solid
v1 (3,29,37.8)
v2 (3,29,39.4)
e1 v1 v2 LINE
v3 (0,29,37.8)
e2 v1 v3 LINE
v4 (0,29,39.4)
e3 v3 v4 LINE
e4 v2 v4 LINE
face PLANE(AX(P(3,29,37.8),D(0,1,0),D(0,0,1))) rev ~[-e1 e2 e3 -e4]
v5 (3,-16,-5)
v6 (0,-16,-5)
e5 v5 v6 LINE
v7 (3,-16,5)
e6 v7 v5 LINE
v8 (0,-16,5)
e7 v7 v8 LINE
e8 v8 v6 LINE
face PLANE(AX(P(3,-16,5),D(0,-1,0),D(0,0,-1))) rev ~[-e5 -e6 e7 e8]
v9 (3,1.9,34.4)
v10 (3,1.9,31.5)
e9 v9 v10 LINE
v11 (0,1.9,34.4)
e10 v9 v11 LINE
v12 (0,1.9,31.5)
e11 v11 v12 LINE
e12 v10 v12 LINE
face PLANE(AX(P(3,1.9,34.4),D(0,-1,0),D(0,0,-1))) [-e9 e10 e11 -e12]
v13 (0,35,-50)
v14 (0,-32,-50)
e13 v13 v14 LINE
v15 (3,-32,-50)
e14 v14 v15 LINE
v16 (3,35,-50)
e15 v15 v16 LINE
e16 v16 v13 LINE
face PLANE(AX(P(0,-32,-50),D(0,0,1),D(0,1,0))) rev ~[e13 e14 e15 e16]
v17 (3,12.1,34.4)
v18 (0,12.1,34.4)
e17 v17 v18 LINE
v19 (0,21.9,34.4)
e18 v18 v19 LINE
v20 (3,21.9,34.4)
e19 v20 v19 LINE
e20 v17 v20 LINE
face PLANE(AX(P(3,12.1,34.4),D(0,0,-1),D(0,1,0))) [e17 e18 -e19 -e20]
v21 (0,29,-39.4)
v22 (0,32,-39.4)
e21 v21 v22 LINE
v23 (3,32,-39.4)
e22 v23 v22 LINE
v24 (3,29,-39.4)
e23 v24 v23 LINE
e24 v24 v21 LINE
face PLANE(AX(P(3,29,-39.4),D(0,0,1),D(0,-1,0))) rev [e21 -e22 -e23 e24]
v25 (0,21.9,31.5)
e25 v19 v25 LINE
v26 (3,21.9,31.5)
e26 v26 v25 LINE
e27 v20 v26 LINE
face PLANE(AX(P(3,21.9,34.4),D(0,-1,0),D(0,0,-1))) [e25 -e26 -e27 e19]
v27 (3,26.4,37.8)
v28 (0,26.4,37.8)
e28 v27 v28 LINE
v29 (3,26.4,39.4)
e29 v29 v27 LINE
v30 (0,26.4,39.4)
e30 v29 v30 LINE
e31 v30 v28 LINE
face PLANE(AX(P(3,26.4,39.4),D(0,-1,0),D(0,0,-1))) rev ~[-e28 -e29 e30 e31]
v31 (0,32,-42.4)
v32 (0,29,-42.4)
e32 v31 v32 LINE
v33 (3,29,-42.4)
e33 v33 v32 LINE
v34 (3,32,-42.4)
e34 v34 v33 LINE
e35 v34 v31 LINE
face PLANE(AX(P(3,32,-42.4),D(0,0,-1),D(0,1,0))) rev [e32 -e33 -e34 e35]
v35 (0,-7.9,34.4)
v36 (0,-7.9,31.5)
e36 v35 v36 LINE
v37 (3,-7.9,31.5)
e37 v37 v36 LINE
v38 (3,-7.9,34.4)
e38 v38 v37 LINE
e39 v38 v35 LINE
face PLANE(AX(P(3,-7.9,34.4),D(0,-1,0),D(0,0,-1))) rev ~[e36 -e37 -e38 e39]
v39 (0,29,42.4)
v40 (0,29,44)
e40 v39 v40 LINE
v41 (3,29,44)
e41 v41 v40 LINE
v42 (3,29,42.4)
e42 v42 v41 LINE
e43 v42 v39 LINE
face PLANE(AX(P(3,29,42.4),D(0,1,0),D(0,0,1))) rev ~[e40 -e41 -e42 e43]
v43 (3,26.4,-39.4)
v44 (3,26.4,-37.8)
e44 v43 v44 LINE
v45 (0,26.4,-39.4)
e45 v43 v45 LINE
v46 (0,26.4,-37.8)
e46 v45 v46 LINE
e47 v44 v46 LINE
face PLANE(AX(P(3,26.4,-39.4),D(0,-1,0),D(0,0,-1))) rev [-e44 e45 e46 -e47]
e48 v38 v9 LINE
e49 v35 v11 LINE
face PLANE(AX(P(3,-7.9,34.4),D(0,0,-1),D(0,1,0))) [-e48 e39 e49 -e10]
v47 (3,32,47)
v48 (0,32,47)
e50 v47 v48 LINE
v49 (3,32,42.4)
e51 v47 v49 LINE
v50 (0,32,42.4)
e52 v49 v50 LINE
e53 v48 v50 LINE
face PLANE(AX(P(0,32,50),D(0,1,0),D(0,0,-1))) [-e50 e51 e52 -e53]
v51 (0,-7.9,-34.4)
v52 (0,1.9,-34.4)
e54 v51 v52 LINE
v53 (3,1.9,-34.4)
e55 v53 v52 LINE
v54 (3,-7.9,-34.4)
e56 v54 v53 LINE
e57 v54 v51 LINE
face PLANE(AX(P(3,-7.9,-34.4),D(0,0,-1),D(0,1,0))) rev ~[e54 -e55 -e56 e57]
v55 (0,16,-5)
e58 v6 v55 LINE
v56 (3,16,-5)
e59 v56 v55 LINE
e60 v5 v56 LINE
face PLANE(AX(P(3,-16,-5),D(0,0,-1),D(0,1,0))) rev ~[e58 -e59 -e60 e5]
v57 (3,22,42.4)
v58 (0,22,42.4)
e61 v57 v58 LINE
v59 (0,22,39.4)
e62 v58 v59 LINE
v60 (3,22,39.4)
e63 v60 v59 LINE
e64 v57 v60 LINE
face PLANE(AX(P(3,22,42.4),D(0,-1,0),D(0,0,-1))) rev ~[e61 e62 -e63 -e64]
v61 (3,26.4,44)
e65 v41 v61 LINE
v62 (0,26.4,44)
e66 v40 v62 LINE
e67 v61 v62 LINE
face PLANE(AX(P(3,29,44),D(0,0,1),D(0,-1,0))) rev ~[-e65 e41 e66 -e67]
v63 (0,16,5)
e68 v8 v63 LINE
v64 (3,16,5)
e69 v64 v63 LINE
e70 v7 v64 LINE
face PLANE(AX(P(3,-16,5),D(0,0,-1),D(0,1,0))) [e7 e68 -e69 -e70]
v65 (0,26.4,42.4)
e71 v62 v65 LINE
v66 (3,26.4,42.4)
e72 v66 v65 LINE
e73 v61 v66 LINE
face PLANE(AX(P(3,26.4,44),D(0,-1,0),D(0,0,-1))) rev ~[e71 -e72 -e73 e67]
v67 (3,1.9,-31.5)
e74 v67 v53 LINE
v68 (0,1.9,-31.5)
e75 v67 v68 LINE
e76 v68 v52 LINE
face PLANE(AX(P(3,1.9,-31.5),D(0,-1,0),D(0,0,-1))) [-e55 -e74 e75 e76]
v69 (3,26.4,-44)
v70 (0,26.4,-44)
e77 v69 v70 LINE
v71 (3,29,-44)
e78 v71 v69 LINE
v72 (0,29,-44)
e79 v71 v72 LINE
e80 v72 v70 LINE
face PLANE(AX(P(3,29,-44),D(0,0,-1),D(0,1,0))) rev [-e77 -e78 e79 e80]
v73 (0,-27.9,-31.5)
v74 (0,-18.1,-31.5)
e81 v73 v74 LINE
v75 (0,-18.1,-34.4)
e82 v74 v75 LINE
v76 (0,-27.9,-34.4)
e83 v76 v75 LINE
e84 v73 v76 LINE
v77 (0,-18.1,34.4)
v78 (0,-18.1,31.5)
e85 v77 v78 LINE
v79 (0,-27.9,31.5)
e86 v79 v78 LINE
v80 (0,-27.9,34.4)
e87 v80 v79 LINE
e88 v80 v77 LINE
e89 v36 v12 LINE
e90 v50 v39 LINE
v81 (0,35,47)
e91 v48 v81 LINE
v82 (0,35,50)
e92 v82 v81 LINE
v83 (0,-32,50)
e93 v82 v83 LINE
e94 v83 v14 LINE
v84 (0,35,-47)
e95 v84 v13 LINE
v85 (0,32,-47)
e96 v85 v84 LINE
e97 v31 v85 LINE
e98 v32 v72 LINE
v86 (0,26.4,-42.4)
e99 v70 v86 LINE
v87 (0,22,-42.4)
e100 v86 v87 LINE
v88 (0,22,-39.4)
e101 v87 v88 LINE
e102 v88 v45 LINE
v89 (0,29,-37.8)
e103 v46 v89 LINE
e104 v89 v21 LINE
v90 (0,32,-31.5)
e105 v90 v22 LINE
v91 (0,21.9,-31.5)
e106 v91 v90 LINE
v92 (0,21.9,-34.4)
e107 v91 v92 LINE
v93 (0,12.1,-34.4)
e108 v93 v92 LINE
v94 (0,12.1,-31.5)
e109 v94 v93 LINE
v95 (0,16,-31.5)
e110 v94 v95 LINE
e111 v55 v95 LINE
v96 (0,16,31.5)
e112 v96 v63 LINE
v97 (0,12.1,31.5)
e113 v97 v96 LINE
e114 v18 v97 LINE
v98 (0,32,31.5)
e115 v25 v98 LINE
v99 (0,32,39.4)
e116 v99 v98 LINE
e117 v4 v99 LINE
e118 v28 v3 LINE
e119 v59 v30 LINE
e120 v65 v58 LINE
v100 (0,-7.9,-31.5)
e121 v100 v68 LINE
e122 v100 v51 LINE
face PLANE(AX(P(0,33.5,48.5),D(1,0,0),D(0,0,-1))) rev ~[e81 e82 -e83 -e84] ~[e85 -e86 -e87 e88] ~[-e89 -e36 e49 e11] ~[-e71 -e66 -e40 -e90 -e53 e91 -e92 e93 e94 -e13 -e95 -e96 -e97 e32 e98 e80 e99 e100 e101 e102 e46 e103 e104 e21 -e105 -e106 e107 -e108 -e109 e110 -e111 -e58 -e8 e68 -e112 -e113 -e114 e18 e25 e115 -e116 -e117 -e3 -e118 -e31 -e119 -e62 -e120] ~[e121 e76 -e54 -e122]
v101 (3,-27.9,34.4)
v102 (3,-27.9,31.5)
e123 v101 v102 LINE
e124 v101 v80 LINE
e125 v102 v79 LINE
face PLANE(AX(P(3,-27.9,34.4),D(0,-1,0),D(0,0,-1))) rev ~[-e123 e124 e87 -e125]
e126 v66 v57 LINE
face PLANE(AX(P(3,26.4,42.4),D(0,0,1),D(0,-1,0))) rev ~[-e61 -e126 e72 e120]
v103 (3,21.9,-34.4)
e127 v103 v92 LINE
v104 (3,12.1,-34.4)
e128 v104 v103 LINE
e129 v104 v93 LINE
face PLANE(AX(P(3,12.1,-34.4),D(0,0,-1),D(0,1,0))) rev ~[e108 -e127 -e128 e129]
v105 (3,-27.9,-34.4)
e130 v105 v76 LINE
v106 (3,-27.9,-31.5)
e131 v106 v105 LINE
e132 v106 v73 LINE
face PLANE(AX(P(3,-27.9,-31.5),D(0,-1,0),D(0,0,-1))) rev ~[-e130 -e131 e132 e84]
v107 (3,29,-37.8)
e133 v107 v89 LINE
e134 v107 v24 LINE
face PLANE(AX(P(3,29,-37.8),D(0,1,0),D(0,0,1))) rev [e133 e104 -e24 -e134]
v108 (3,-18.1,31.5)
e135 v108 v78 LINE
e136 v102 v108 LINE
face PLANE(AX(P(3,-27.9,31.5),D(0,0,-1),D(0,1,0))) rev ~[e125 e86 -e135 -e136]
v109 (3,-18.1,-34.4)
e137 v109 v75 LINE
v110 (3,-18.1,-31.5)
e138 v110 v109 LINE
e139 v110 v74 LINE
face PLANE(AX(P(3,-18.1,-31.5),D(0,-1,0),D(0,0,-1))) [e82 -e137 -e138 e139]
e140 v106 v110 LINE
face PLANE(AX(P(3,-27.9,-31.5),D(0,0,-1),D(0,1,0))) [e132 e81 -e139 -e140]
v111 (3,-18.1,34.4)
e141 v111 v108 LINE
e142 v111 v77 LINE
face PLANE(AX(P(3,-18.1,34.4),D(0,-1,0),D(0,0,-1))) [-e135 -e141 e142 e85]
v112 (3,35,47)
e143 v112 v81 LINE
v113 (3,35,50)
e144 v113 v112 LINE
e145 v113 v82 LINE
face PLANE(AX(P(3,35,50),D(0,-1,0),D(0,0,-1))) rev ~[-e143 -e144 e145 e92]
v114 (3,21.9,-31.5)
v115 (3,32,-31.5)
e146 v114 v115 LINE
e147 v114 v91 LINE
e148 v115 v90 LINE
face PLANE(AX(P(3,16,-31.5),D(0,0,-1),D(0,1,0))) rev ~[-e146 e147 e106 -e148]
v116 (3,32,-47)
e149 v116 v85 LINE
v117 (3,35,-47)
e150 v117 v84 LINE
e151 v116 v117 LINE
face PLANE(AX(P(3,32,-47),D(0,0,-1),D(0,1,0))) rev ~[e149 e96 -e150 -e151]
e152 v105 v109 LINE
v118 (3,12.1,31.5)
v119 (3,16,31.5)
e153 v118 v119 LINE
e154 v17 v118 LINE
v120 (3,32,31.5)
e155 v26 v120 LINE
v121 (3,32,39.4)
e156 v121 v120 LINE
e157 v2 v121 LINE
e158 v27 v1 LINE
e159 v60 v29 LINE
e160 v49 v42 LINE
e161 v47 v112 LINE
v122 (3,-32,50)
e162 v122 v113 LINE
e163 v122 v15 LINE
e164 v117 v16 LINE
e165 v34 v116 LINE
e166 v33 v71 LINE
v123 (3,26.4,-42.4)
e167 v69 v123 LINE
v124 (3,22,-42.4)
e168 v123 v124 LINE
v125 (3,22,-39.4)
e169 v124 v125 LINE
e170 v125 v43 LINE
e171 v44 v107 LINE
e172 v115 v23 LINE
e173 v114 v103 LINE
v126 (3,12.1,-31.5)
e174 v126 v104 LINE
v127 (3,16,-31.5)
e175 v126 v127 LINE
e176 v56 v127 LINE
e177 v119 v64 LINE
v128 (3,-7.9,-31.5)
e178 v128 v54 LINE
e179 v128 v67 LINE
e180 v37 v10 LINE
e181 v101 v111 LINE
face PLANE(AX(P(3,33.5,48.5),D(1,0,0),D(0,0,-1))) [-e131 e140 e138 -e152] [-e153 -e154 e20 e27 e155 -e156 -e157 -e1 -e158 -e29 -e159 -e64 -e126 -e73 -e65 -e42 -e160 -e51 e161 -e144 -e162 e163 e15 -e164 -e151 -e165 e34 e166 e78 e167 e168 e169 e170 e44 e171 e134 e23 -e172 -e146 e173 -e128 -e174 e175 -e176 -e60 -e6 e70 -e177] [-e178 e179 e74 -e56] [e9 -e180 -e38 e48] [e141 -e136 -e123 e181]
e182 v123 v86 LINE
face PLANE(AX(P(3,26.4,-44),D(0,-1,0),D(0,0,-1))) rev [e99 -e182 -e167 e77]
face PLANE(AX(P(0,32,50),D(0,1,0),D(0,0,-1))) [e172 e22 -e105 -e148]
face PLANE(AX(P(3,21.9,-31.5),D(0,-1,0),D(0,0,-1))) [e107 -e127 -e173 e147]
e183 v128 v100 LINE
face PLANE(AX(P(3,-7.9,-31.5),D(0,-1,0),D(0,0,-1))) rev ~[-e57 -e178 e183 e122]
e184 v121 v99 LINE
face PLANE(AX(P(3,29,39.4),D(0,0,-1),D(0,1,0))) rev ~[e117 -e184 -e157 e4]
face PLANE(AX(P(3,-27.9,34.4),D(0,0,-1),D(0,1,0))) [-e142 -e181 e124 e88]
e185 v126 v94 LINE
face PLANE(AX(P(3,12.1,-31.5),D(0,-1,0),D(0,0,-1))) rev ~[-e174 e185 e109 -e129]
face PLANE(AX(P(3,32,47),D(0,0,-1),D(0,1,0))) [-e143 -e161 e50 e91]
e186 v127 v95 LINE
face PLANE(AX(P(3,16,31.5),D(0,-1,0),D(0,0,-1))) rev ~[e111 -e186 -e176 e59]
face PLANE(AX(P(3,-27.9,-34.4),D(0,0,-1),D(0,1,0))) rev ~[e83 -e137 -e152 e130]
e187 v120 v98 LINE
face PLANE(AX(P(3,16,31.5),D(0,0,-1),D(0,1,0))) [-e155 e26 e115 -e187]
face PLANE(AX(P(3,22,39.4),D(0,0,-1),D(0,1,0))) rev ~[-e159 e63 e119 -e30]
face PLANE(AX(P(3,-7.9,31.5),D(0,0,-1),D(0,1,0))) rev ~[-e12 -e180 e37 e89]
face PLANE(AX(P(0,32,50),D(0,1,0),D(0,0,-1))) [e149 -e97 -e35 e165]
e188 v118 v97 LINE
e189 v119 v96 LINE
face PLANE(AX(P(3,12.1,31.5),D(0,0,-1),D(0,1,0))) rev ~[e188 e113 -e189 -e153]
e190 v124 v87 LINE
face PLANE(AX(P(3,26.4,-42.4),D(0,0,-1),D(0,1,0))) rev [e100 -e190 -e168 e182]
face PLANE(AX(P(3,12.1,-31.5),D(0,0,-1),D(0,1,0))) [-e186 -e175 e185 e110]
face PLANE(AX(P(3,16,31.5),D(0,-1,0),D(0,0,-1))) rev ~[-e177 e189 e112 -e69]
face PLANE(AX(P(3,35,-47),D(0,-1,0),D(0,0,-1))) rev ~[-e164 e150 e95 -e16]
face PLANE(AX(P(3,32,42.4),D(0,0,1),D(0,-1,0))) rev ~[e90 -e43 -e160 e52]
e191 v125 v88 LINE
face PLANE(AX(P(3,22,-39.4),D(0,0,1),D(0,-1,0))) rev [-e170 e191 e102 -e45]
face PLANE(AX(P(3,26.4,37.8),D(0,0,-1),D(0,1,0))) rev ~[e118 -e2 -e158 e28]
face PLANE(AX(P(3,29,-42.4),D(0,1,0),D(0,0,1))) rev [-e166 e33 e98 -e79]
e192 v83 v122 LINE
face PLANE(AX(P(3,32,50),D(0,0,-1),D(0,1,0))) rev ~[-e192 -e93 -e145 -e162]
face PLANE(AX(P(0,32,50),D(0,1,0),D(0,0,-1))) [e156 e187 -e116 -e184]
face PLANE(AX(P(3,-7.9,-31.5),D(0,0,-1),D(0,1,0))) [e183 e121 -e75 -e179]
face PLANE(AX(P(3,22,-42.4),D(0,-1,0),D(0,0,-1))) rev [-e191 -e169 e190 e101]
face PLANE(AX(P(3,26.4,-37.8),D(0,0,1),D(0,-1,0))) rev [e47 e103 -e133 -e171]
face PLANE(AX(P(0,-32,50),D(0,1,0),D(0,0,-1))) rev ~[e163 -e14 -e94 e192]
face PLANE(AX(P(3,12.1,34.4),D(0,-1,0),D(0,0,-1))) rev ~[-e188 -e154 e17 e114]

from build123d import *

# Parameters (mm, degrees)
SKETCH1_W           = 100
SKETCH1_H           = 64
BOSS_EXTRUDE1_DEPTH = 3
SKETCH2_W           = 2.9
SKETCH2_H           = 9.8
CUT_EXTRUDE1_DEPTH  = 3
CUT_EXTRUDE2_DEPTH  = 10
SKETCH5_W           = 63
SKETCH5_H           = 16
CUT_EXTRUDE3_DEPTH  = 10
SKETCH6_W           = 10
SKETCH6_H           = 32
CUT_EXTRUDE4_DEPTH  = 10
SKETCH7_W           = 3
SKETCH7_H           = 3
BOSS_EXTRUDE2_DEPTH = 3


with BuildPart() as part:
    # Sketch1 → Boss-Extrude1 (new body)
    with BuildSketch(Plane(origin=(0, 0, 0), x_dir=(0, 0, -1), z_dir=(1, 0, 0))):
        Rectangle(SKETCH1_W, SKETCH1_H)
    extrude(amount=BOSS_EXTRUDE1_DEPTH)

    # Sketch2 → Cut-Extrude1 (cut)
    with BuildSketch(Plane(origin=(3, 0, 0), x_dir=(0, 0, -1), z_dir=(1, 0, 0))):
        with Locations((-32.95, 17)):
            Rectangle(SKETCH2_W, SKETCH2_H)
        with Locations((-32.95, -3)):
            Rectangle(SKETCH2_W, SKETCH2_H)
        with Locations((-32.95, -23)):
            Rectangle(SKETCH2_W, SKETCH2_H)
        with Locations((32.95, -23)):
            Rectangle(SKETCH2_W, SKETCH2_H)
        with Locations((32.95, -3)):
            Rectangle(SKETCH2_W, SKETCH2_H)
        with Locations((32.95, 17)):
            Rectangle(SKETCH2_W, SKETCH2_H)
    extrude(amount=-CUT_EXTRUDE1_DEPTH, mode=Mode.SUBTRACT)

    # Sketch3 → Cut-Extrude2 (cut)
    with BuildSketch(Plane(origin=(3, 0, 0), x_dir=(0, 0, -1), z_dir=(1, 0, 0))):
        Polygon((-42.4, 32), (-42.4, 29), (-44, 29), (-44, 26.4), (-42.4, 26.4), (-42.4, 22), (-39.4, 22), (-39.4, 26.4), (-37.8, 26.4), (-37.8, 29), (-39.4, 29), (-39.4, 32), align=None)
    cut_extrude2 = extrude(amount=-CUT_EXTRUDE2_DEPTH, mode=Mode.SUBTRACT)

    # Mirror1: Cut-Extrude2 across plane
    add(cut_extrude2.mirror(Plane.XY), mode=Mode.SUBTRACT)

    # Sketch5 → Cut-Extrude3 (cut)
    with BuildSketch(Plane(origin=(3, 0, 0), x_dir=(0, 0, -1), z_dir=(1, 0, 0))):
        with Locations((0, 24)):
            Rectangle(SKETCH5_W, SKETCH5_H)
    extrude(amount=-CUT_EXTRUDE3_DEPTH, mode=Mode.SUBTRACT)

    # Sketch6 → Cut-Extrude4 (cut)
    with BuildSketch(Plane(origin=(3, 0, 0), x_dir=(0, 0, -1), z_dir=(1, 0, 0))):
        Rectangle(SKETCH6_W, SKETCH6_H)
    extrude(amount=-CUT_EXTRUDE4_DEPTH, mode=Mode.SUBTRACT)

    # Sketch7 → Boss-Extrude2 (add)
    with BuildSketch(Plane(origin=(3, 0, 0), x_dir=(0, 0, -1), z_dir=(1, 0, 0))):
        with Locations((-48.5, 33.5)):
            Rectangle(SKETCH7_W, SKETCH7_H)
        with Locations((48.5, 33.5)):
            Rectangle(SKETCH7_W, SKETCH7_H)
    extrude(amount=-BOSS_EXTRUDE2_DEPTH)


solid = part.part
